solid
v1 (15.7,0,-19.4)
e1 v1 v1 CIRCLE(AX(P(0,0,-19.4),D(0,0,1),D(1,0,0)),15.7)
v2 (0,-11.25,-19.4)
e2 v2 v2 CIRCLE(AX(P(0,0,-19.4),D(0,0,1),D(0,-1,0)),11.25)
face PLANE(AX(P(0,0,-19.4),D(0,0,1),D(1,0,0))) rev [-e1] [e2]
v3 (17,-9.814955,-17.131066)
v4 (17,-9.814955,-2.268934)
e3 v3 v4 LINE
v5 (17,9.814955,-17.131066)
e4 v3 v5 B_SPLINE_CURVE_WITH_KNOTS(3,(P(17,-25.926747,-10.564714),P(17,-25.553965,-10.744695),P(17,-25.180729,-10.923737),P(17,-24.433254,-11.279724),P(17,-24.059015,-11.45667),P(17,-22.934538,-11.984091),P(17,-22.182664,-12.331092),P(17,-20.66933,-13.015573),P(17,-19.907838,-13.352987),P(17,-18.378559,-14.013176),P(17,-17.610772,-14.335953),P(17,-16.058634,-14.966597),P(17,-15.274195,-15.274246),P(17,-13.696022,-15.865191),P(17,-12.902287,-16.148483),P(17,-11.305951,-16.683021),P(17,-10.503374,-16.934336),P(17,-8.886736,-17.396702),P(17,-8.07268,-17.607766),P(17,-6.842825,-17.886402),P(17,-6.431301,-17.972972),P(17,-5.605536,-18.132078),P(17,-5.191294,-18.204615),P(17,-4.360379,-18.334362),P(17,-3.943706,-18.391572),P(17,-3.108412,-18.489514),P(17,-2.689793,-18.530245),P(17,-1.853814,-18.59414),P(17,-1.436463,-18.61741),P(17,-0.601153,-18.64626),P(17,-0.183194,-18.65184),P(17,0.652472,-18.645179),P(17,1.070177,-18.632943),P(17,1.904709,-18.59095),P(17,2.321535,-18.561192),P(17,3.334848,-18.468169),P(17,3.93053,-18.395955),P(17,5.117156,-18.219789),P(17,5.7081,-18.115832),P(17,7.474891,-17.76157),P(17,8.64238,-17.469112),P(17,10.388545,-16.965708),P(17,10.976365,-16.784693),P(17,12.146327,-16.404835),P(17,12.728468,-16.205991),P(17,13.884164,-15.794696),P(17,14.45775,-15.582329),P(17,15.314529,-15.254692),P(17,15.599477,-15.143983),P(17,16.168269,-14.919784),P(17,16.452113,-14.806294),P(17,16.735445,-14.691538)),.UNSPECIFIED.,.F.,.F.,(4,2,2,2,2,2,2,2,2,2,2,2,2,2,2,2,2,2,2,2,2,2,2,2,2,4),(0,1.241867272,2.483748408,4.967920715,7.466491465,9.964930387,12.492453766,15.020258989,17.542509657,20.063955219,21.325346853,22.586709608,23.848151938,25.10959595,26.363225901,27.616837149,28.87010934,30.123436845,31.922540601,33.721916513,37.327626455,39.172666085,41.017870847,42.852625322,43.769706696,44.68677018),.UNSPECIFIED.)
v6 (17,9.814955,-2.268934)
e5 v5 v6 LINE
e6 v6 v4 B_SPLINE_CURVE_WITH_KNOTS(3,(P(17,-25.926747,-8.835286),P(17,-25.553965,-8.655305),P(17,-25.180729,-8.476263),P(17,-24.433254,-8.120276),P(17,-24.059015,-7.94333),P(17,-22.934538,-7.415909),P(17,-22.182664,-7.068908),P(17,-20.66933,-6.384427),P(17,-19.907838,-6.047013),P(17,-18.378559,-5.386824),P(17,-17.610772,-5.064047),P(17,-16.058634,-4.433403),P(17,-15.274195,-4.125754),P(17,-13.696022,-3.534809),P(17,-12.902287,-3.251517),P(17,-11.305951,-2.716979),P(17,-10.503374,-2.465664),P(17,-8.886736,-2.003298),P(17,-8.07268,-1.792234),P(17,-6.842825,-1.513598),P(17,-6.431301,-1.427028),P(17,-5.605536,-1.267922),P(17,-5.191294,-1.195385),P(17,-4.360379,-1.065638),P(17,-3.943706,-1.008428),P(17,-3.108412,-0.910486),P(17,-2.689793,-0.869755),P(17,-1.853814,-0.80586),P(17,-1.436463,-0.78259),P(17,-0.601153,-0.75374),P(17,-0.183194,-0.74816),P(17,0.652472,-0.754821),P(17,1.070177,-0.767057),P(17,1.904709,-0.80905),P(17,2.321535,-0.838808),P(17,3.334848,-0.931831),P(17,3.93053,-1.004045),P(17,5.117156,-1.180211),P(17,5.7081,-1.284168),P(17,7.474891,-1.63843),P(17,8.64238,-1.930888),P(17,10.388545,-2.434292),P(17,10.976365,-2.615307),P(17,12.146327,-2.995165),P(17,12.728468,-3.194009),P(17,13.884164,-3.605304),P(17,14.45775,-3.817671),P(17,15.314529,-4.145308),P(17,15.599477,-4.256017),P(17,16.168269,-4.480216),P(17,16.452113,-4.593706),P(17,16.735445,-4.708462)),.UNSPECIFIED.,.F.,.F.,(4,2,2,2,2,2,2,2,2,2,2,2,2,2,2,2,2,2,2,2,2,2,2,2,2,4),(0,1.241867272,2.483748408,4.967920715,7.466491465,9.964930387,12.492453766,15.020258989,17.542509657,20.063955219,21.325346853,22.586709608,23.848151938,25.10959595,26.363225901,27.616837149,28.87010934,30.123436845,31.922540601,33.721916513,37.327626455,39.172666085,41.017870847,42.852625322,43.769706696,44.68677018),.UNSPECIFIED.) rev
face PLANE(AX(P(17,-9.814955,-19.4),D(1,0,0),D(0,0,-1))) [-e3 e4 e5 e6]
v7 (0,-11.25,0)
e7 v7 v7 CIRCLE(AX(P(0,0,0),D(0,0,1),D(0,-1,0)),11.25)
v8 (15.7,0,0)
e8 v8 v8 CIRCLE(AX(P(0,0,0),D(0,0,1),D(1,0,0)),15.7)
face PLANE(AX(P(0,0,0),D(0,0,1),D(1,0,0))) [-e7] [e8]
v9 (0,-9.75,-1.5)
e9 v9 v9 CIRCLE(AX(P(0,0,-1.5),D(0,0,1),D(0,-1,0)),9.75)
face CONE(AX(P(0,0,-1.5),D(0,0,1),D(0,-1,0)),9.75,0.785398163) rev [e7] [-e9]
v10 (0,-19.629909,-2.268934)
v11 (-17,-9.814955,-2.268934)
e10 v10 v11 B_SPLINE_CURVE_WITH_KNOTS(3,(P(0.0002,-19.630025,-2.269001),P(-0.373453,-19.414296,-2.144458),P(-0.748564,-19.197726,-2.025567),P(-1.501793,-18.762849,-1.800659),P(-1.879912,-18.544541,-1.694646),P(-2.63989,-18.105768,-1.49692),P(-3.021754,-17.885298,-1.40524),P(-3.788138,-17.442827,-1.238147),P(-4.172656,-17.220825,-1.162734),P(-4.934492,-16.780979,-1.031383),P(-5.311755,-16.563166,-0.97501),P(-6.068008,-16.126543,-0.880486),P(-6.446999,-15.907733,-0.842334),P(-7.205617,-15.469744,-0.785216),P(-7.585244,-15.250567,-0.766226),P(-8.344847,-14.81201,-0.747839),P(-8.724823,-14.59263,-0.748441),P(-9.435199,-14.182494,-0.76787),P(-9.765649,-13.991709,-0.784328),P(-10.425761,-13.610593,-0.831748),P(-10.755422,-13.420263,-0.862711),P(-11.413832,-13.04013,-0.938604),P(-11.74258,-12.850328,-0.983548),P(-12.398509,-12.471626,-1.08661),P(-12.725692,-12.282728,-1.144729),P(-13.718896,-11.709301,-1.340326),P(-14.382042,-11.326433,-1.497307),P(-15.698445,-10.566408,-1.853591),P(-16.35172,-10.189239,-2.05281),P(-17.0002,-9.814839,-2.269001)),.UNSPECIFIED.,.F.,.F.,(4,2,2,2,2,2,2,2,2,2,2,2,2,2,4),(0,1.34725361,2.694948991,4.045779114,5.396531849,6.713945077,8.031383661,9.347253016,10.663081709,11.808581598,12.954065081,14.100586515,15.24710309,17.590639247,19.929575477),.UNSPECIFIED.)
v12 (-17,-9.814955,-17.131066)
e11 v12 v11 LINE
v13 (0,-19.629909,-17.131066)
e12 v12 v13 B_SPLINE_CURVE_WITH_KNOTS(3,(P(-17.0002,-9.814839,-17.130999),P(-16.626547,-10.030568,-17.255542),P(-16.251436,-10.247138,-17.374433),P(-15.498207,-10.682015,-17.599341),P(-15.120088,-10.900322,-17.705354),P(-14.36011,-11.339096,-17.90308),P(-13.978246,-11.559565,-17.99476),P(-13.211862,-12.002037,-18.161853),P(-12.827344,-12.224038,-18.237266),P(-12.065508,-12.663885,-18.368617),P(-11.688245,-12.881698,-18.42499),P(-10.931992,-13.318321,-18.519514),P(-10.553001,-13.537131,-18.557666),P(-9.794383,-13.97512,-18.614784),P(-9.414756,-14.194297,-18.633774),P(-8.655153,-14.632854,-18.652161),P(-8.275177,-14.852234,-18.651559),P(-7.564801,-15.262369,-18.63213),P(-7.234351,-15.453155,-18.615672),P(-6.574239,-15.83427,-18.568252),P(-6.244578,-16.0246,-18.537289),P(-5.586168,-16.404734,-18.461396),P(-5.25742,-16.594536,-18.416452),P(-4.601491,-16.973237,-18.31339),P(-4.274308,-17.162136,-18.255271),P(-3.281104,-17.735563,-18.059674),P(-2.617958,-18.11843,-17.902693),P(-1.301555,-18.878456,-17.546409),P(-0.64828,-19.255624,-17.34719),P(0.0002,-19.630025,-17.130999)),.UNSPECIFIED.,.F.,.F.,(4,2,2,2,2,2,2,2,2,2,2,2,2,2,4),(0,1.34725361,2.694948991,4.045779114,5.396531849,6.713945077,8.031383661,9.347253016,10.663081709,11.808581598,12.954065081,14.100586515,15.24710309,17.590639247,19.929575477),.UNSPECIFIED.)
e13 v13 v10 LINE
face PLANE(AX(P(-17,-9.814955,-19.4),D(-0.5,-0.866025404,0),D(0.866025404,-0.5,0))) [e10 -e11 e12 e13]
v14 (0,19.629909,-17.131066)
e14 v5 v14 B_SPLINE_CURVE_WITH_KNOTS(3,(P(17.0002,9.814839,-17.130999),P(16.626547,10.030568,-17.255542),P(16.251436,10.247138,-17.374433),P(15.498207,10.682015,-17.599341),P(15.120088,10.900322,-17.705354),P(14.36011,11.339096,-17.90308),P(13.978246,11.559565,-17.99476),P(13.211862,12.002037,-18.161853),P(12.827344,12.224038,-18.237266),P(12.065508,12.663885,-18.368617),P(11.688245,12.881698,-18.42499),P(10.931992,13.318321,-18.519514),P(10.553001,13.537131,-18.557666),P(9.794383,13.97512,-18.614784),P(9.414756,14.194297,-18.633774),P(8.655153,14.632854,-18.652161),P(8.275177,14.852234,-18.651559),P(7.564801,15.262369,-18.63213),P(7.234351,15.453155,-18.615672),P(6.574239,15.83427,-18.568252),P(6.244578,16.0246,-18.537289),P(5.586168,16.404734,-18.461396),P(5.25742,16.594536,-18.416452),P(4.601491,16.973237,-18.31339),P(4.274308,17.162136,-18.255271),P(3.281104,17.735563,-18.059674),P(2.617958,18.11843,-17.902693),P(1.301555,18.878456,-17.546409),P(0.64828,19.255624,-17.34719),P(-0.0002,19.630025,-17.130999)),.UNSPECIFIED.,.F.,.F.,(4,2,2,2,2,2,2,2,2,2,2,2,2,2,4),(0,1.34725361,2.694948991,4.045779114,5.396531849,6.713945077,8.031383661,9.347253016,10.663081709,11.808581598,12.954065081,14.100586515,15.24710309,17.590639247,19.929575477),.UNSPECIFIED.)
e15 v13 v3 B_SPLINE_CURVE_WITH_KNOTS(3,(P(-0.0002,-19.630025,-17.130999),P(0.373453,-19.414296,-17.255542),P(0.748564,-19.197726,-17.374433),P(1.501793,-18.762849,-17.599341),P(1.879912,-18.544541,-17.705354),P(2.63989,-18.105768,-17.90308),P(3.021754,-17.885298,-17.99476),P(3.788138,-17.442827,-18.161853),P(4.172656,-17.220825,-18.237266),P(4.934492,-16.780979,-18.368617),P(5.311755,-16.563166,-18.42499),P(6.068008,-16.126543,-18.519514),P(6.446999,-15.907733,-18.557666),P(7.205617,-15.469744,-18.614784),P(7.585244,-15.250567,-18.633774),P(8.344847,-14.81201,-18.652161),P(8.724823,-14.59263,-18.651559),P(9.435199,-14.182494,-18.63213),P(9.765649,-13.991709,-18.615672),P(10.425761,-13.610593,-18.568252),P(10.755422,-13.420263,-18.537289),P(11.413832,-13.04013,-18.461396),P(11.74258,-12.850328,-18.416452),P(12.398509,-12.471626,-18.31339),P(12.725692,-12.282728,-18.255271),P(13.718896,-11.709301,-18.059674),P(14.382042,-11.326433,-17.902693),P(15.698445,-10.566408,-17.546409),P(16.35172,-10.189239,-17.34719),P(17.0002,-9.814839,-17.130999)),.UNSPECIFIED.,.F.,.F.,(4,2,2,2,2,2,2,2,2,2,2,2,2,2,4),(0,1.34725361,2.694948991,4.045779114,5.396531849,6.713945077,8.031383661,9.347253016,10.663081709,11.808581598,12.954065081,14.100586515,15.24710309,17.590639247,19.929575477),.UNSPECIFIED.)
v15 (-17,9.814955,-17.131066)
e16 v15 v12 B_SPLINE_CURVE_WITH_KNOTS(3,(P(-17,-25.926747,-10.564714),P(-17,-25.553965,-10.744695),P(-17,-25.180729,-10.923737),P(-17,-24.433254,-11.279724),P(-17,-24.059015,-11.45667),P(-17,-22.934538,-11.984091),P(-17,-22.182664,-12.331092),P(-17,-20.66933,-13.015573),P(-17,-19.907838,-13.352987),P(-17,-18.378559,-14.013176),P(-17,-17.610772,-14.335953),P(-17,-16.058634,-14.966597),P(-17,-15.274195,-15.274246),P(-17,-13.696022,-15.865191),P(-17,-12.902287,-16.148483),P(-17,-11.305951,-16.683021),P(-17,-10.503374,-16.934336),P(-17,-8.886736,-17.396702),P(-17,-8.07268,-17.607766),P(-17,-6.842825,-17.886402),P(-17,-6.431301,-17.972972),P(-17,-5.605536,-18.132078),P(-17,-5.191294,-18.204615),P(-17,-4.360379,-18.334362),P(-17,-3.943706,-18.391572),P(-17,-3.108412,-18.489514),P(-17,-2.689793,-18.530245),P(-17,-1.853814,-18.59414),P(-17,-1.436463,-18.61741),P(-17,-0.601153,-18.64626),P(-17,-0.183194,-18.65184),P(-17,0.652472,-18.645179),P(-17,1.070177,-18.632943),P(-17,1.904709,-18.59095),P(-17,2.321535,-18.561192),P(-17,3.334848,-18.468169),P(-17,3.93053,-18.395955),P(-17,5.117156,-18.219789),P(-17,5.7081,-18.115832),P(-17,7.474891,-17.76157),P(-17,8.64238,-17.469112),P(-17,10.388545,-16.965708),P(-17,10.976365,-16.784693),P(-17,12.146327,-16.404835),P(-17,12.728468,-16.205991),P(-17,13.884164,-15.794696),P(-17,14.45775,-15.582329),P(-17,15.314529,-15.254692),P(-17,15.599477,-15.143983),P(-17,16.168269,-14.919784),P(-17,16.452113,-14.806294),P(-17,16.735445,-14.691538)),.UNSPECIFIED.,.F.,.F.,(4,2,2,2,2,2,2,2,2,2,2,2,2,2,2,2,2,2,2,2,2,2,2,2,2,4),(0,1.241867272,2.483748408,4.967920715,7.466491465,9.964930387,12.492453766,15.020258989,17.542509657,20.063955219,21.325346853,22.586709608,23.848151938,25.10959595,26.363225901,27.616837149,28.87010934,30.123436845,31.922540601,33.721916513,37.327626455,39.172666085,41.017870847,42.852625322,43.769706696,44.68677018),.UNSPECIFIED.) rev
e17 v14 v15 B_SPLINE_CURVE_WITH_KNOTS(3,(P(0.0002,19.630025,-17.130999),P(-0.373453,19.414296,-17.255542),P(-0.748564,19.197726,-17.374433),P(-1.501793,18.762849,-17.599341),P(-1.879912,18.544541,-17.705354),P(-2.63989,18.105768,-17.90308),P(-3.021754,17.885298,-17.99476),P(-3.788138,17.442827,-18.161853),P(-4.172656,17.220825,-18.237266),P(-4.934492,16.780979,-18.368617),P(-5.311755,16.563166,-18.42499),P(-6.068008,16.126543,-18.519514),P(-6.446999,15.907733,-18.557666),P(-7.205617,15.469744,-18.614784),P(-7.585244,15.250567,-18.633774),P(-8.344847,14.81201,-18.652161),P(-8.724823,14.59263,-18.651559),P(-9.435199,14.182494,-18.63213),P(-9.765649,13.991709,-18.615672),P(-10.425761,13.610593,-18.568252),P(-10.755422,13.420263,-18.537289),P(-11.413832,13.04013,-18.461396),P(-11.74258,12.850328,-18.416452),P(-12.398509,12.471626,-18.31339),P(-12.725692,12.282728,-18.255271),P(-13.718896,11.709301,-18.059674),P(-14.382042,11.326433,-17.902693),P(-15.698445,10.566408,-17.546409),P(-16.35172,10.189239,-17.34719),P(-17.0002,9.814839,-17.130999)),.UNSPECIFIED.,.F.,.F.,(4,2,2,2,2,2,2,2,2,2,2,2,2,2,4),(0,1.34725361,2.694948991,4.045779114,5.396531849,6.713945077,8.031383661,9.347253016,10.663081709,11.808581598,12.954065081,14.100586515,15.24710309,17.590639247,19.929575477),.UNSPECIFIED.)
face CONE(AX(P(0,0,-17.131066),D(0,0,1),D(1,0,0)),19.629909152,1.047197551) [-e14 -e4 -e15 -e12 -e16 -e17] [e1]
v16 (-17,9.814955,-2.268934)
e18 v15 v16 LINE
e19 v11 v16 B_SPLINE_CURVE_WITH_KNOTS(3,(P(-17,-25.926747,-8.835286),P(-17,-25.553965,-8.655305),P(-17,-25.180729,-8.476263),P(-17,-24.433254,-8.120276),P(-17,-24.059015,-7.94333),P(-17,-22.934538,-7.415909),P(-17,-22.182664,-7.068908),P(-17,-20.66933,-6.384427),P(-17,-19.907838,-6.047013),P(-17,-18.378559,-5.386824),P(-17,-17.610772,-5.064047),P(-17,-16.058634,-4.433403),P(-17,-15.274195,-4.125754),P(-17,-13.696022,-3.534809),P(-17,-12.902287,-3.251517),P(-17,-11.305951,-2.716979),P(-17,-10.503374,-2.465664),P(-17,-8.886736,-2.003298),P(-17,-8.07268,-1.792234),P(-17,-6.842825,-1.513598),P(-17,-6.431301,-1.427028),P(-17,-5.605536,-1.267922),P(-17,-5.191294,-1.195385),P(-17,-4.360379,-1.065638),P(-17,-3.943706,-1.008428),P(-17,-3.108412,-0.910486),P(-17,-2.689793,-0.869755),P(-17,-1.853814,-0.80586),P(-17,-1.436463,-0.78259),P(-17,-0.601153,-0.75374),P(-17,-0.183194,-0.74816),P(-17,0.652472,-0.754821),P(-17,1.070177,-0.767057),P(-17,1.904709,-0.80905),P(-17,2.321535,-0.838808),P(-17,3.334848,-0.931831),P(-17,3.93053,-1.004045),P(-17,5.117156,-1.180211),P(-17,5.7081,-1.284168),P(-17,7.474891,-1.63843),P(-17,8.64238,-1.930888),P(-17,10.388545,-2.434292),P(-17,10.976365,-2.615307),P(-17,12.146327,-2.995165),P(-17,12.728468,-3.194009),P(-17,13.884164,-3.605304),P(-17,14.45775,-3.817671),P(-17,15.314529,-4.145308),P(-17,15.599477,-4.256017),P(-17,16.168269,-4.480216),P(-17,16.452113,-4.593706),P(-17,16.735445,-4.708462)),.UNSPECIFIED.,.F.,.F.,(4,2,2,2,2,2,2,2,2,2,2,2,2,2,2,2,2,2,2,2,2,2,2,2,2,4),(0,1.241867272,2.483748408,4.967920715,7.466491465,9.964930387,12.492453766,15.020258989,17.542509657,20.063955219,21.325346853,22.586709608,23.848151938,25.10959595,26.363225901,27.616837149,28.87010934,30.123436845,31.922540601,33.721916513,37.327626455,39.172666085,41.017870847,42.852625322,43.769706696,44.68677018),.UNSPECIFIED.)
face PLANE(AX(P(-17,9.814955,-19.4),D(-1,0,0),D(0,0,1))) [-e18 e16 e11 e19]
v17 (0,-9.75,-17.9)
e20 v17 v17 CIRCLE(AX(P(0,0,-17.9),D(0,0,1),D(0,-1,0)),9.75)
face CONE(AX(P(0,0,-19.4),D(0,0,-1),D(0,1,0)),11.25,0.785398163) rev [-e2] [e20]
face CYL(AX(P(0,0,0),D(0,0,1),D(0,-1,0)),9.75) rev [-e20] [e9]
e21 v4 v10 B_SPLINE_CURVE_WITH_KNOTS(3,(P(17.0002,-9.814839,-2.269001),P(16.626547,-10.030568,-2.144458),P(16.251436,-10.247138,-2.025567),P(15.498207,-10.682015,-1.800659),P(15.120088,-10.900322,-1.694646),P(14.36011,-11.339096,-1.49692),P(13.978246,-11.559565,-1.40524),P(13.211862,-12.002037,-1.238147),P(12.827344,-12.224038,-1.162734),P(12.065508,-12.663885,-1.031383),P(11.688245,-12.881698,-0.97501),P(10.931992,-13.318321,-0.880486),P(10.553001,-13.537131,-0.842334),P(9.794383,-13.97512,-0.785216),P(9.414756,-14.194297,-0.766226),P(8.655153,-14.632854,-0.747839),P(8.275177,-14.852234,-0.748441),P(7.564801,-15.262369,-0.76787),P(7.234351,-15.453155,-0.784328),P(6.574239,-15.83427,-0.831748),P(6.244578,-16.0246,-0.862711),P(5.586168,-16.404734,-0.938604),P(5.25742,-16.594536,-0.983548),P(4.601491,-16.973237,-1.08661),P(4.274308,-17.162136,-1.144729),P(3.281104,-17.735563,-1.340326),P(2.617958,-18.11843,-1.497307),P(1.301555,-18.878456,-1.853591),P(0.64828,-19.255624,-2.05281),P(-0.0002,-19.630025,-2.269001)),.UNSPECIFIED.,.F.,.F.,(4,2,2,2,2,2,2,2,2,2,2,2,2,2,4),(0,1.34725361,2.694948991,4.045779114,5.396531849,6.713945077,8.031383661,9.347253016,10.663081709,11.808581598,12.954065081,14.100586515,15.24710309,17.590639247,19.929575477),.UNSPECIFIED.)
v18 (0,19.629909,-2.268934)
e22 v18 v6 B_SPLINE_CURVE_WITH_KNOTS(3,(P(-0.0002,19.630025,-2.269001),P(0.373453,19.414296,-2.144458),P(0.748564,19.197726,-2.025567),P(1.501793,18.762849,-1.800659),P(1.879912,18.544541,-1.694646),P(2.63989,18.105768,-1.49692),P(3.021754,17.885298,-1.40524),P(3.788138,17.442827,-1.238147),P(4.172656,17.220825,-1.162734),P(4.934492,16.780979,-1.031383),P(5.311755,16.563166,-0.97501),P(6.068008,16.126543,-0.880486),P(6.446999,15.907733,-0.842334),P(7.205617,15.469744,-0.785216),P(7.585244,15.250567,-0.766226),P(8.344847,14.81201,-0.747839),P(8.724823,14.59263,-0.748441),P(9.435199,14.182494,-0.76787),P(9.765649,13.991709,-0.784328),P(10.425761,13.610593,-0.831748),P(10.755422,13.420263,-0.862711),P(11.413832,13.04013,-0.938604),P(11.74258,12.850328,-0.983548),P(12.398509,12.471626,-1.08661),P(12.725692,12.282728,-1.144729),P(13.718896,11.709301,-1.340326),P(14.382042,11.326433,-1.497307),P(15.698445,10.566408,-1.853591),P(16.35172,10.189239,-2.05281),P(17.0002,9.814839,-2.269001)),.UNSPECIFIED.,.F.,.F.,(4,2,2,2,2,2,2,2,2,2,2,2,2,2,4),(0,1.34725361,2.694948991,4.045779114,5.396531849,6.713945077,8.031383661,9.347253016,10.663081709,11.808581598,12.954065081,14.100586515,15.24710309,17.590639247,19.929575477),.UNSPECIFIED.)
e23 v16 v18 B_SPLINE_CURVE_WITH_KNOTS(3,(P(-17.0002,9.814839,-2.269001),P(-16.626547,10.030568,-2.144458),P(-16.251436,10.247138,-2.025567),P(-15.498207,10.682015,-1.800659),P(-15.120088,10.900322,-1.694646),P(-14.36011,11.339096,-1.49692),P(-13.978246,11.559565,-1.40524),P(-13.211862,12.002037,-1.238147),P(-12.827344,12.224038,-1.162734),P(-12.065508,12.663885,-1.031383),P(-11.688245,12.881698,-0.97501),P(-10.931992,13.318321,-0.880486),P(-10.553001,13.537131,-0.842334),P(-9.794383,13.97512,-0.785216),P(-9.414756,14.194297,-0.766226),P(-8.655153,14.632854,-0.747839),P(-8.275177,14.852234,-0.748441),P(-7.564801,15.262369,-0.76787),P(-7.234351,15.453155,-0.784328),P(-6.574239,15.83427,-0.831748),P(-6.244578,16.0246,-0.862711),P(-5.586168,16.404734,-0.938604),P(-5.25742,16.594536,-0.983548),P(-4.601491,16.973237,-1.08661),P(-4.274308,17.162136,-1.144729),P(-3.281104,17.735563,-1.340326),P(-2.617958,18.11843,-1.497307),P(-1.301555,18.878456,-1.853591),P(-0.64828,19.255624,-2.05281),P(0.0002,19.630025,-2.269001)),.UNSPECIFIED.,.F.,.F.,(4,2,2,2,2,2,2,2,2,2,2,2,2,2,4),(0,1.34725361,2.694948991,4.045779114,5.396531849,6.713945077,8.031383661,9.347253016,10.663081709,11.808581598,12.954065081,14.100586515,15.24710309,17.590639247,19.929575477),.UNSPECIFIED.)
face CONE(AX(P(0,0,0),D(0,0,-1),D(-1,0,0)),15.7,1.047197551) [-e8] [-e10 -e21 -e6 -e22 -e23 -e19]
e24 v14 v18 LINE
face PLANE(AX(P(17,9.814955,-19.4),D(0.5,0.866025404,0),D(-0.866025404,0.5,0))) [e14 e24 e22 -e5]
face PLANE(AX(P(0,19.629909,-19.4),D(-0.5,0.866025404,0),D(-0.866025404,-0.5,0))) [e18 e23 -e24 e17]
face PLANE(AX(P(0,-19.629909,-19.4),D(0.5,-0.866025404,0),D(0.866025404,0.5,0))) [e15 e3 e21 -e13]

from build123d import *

# Parameters (mm, degrees)
BOSS_EXTRUDE1_DEPTH = 19.4


with BuildPart() as part:
    # Sketch1 → Boss-Extrude1 (new body)
    with BuildSketch(Plane.XY):
        Polygon((0, 19.629909152), (-17, 9.814954576), (-17, -9.814954576), (0, -19.629909152), (17, -9.814954576), (17, 9.814954576), align=None)
    extrude(amount=-BOSS_EXTRUDE1_DEPTH)

    # Sketch4 → Cut-Revolve1 (revolve, cut)
    with BuildSketch(Plane(origin=(0, 0, 0), x_dir=(0, 0, -1), z_dir=(1, 0, 0))):
        Polygon((19.4, 19.629909152), (17.131065893, 19.629909152), (19.4, 15.7), align=None)
        Polygon((0, 19.629909152), (2.268934107, 19.629909152), (0, 15.7), align=None)
    revolve(axis=Axis((0, 0, 0), (0, 0, -1)), mode=Mode.SUBTRACT)

    # Sketch5 → Cut-Revolve2 (revolve, cut)
    with BuildSketch(Plane(origin=(0, 0, 0), x_dir=(0, 0, -1), z_dir=(1, 0, 0))):
        Polygon((0, 0), (0, 11.25), (1.5, 9.75), (17.9, 9.75), (19.4, 11.25), (19.4, 0), align=None)
    revolve(axis=Axis((0, 0, 0), (0, 0, -1)), mode=Mode.SUBTRACT)


solid = part.part
